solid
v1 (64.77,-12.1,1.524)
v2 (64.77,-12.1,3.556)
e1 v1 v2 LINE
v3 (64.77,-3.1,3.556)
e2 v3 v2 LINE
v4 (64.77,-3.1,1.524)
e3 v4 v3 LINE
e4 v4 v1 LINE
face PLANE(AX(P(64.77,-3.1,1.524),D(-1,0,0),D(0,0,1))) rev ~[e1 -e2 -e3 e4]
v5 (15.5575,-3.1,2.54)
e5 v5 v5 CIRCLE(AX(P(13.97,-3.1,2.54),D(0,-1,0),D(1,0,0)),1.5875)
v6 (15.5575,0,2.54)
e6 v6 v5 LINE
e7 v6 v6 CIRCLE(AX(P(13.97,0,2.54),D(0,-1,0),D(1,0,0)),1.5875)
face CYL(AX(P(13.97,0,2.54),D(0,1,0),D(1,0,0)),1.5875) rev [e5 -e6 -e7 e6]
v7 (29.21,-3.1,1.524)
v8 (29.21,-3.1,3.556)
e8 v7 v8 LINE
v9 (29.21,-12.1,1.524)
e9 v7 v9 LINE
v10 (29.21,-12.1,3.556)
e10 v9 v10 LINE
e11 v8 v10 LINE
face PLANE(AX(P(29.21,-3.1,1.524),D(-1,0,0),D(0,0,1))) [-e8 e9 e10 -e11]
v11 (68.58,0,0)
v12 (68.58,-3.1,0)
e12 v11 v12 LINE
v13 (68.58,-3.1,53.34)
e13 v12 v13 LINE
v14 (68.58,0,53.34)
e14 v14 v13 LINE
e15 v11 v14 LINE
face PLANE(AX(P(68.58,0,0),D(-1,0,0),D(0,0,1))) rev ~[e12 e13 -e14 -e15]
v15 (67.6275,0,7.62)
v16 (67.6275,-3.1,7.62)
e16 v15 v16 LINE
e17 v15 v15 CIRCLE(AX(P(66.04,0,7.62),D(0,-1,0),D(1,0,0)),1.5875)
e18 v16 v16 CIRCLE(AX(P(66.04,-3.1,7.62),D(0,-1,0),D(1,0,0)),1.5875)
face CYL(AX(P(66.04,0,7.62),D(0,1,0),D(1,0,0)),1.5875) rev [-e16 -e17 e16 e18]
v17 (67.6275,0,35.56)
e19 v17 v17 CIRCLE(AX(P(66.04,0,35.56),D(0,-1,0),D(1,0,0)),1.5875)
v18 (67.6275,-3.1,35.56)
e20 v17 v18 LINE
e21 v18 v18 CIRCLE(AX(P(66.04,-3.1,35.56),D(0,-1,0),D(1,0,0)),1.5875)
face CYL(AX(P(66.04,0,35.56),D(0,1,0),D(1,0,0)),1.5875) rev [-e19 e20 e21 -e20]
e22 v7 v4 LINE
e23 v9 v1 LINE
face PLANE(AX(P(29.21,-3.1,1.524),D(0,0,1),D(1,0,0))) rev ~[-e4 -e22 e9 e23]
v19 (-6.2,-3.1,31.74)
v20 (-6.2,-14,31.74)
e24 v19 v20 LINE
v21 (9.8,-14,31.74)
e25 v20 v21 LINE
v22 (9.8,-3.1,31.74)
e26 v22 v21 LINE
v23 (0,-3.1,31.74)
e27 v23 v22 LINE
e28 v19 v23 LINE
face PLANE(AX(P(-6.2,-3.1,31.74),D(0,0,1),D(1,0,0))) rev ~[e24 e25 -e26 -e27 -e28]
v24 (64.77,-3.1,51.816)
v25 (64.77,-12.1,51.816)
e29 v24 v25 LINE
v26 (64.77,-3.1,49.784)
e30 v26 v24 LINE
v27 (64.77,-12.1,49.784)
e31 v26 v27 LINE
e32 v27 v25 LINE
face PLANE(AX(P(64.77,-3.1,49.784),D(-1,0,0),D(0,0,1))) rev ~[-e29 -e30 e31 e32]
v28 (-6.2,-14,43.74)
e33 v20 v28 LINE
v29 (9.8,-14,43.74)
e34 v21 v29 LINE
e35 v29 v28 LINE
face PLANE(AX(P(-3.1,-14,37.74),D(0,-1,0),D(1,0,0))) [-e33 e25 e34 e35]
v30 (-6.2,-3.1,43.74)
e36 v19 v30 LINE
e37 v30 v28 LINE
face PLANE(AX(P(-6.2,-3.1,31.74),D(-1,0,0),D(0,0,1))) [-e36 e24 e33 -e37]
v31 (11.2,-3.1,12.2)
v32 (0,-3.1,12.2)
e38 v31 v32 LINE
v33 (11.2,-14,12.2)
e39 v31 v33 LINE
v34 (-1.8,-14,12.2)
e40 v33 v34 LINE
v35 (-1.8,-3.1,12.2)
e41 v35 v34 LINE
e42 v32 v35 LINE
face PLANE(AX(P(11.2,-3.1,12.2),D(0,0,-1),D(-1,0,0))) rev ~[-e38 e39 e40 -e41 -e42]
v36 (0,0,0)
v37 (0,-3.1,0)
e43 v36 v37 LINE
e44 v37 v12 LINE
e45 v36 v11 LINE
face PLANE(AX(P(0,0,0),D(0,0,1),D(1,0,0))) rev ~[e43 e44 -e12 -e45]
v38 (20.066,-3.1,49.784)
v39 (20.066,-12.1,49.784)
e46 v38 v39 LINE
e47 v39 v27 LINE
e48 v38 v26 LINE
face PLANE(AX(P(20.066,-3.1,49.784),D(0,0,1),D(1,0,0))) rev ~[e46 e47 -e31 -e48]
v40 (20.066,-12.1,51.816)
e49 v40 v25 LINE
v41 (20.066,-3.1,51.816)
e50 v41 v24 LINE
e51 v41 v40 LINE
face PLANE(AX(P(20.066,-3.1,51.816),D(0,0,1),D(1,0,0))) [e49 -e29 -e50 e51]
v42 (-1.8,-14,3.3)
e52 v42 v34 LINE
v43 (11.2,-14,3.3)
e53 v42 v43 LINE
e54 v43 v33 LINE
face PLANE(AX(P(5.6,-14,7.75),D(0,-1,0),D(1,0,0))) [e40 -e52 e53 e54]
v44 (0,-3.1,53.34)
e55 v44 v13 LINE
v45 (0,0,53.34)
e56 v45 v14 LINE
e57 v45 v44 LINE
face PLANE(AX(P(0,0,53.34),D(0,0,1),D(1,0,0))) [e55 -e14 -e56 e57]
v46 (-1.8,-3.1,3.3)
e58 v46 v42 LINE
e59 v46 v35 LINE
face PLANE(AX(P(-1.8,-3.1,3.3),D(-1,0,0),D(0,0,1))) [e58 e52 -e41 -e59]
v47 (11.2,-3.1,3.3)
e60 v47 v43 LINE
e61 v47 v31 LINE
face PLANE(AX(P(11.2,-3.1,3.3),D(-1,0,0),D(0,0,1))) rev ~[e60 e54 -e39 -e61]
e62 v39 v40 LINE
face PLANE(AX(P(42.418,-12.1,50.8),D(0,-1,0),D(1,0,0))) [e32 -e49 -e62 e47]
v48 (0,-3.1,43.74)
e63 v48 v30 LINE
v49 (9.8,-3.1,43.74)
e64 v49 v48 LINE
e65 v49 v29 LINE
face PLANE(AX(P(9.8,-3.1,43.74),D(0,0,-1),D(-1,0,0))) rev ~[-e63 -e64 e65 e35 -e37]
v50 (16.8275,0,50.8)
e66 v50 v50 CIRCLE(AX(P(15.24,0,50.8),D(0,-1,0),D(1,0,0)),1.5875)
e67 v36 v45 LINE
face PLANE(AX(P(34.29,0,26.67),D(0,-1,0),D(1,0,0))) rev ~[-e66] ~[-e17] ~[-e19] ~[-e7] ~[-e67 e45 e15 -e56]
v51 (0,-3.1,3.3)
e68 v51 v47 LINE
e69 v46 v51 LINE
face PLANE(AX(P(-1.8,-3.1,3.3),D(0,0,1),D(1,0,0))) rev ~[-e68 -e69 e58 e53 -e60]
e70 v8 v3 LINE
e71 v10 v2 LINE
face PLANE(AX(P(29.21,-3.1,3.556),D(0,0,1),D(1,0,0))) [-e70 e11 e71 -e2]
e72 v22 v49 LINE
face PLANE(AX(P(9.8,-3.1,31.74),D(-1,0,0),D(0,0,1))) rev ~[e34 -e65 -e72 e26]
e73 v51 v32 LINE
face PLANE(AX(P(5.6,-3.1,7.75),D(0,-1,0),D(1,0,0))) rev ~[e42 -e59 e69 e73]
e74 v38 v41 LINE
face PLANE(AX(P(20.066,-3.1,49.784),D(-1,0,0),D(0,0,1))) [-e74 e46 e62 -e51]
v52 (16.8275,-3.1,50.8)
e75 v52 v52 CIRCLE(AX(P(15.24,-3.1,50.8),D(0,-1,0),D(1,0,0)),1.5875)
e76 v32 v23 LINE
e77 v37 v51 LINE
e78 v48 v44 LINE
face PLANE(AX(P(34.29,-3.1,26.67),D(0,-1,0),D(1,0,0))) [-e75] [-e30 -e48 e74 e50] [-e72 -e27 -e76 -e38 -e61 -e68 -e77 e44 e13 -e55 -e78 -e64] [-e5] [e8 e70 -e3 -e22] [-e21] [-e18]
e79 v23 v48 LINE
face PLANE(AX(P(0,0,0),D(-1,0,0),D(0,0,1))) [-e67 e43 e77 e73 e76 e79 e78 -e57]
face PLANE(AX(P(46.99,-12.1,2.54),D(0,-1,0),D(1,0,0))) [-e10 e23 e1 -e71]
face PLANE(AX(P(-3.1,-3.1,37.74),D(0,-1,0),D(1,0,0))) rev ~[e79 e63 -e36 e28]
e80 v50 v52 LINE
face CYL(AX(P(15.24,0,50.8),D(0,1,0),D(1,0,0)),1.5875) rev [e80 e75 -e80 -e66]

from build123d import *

# Parameters (mm, degrees)
F0_W     = 68.58
F0_H     = 53.34
F0_R     = 1.5875
F1_DEPTH = 3.1
F2_W     = 6.2
F2_H     = 12
F2_W_2   = 9.8
F2_W_3   = 11.2
F2_H_2   = 8.9
F2_W_4   = 1.8
F3_DEPTH = 10.9
F4_W     = 44.704
F4_H     = 2.032
F4_W_2   = 35.56
F5_DEPTH = 9


with BuildPart() as f1:
    # F0 (on Front) → F1 (new body)
    with BuildSketch(Plane.XZ):
        with Locations((34.29, 26.67)):
            Rectangle(F0_W, F0_H)
        with Locations((13.97, 2.54)):
            Circle(F0_R, mode=Mode.SUBTRACT)
        with Locations((66.04, 7.62)):
            Circle(F0_R, mode=Mode.SUBTRACT)
        with Locations((15.24, 50.8)):
            Circle(F0_R, mode=Mode.SUBTRACT)
        with Locations((66.04, 35.56)):
            Circle(F0_R, mode=Mode.SUBTRACT)
    extrude(amount=F1_DEPTH)

    # F2 (on face) → F3 (join)
    with BuildSketch(Plane.XZ.offset(3.1)):
        with Locations((-3.1, 37.74)):
            Rectangle(F2_W, F2_H)
        with Locations((4.9, 37.74)):
            Rectangle(F2_W_2, F2_H)
        with Locations((5.6, 7.75)):
            Rectangle(F2_W_3, F2_H_2)
        with Locations((-0.9, 7.75)):
            Rectangle(F2_W_4, F2_H_2)
    extrude(amount=F3_DEPTH)

    # F4 (on face) → F5 (join)
    with BuildSketch(Plane.XZ.offset(3.1)):
        with Locations((42.418, 50.8)):
            Rectangle(F4_W, F4_H)
        with Locations((46.99, 2.54)):
            Rectangle(F4_W_2, F4_H)
    extrude(amount=F5_DEPTH)


solid = f1.part
